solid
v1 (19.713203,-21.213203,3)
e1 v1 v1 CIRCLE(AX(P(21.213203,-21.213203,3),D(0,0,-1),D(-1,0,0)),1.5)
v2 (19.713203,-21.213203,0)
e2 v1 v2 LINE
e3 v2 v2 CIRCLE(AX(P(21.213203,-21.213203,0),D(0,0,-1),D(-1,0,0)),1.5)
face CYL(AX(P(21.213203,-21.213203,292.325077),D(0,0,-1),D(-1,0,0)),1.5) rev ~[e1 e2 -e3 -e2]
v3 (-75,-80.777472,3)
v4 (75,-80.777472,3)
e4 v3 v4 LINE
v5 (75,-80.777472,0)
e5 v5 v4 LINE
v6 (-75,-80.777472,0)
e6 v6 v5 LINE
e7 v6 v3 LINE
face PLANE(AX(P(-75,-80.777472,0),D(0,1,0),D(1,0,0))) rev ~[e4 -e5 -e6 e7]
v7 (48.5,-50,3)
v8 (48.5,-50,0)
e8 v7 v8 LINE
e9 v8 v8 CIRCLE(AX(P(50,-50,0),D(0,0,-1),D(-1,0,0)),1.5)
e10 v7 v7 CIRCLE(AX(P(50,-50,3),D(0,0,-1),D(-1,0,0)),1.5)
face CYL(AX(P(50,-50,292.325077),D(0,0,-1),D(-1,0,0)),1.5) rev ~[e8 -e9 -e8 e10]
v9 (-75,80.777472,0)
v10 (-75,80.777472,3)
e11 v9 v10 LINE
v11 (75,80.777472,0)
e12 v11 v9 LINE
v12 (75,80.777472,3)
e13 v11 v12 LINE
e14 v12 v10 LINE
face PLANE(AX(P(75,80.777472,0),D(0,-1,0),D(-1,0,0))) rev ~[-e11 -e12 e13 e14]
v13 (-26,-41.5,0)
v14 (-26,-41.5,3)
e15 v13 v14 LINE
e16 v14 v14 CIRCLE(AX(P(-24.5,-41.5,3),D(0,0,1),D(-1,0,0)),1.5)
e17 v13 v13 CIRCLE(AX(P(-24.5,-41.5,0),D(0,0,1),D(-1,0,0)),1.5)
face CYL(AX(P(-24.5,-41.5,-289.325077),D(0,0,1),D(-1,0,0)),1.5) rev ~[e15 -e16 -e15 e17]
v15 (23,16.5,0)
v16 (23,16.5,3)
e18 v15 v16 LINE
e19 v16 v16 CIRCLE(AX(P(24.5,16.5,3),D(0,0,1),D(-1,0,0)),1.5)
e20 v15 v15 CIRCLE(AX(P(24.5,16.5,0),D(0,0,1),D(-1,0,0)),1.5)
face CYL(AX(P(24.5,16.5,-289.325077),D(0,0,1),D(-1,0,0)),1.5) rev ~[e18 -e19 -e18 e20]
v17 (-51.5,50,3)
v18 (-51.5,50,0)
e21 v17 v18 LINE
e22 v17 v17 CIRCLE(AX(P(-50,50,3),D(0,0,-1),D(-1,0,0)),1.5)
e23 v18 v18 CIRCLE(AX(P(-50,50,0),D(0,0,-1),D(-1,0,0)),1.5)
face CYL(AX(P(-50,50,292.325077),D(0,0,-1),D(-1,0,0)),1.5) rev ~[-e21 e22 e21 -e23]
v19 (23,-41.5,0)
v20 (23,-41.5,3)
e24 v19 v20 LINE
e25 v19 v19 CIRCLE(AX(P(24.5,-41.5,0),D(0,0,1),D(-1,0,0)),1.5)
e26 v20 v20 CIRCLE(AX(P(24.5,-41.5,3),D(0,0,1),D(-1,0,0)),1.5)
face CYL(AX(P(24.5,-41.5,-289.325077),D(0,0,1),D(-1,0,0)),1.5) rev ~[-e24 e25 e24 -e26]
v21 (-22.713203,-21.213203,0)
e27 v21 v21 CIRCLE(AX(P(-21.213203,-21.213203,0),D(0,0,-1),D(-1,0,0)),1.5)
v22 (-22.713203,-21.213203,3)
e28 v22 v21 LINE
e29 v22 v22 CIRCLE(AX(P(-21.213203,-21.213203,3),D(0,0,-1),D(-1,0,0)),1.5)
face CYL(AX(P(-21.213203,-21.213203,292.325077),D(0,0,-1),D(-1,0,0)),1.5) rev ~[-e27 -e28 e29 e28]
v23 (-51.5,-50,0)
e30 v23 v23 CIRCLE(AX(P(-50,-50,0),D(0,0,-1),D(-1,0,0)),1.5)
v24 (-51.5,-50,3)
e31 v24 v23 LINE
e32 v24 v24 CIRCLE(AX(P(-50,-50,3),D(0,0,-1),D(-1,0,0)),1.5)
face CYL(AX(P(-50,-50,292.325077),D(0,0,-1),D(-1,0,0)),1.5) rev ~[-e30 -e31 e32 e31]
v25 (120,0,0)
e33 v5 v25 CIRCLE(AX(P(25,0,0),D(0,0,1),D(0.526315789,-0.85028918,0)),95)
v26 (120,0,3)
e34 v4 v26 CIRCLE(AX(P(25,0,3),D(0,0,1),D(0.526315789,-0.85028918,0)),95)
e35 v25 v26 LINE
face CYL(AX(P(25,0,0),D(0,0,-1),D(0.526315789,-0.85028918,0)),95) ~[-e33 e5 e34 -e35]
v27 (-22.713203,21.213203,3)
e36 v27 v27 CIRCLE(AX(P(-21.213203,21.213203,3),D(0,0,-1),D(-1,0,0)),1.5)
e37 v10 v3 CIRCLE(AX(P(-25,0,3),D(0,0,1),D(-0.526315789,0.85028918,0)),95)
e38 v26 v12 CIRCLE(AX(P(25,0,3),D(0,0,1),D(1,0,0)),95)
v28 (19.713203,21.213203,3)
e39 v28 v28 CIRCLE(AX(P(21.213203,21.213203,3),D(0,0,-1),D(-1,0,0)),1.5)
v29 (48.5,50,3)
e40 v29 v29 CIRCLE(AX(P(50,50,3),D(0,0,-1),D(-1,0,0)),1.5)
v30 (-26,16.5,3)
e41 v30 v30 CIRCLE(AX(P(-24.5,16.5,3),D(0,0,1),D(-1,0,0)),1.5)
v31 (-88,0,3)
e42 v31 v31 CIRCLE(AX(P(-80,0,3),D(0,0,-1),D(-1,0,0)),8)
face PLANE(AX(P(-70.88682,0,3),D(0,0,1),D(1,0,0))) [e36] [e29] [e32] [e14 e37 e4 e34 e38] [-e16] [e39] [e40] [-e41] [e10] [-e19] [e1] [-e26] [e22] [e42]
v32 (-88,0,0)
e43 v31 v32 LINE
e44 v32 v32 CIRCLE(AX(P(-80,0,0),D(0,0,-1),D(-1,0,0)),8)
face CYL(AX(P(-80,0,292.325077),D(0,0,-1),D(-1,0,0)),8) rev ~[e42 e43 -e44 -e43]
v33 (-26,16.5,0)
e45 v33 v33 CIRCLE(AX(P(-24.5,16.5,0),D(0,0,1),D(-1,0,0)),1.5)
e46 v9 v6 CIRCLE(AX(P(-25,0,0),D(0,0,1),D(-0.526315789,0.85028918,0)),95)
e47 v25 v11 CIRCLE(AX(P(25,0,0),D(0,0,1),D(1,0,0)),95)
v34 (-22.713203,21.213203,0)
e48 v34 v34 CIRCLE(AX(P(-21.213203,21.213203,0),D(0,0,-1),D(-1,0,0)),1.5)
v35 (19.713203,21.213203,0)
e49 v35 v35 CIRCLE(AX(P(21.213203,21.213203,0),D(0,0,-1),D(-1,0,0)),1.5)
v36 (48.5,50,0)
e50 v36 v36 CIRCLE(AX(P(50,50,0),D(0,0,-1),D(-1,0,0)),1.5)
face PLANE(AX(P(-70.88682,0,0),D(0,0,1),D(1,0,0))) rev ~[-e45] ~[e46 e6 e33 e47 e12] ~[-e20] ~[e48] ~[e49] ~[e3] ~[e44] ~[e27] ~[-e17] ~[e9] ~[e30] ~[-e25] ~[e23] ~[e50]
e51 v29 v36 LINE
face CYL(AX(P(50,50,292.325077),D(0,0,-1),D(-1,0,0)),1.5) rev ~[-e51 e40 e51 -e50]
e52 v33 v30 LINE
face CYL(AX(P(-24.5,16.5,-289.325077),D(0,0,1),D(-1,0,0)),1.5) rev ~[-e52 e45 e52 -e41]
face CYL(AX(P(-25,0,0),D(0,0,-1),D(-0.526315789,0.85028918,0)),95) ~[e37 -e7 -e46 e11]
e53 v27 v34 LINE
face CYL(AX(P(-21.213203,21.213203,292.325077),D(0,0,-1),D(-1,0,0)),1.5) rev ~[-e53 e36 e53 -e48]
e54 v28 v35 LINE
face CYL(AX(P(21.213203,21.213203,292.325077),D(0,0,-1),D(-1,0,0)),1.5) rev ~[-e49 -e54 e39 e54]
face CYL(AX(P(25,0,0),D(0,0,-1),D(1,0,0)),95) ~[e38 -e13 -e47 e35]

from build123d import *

# Parameters (mm, degrees)
F1_DEPTH = 3
F3_D     = 3
F5_D     = 3
F7_D     = 3
F9_D     = 16


with BuildPart() as f1:
    # F0 (on Top) → F1 (new body)
    with BuildSketch(Plane.XY):
        with BuildLine():
            Line((-25, 80.777472107), (-75, 80.777472107))
            ThreePointArc((-75, 80.777472107), (-120, 0), (-75, -80.777472107))
            Line((-75, -80.777472107), (-25, -80.777472107))
            ThreePointArc((-25, -80.777472107), (-70, 0), (-25, 80.777472107))
        make_face()
        with BuildLine():
            Line((25, 80.777472107), (-25, 80.777472107))
            ThreePointArc((-25, 80.777472107), (-70, 0), (-25, -80.777472107))
            Line((-25, -80.777472107), (25, -80.777472107))
            ThreePointArc((25, -80.777472107), (57.9909633635, -46.2331050223), (70, 0))
            ThreePointArc((70, 0), (57.9909633635, 46.2331050223), (25, 80.777472107))
        make_face()
        with BuildLine():
            Line((75, 80.777472107), (25, 80.777472107))
            ThreePointArc((25, 80.777472107), (57.9909633635, 46.2331050223), (70, 0))
            ThreePointArc((70, 0), (57.9909633635, -46.2331050223), (25, -80.777472107))
            Line((25, -80.777472107), (75, -80.777472107))
            ThreePointArc((75, -80.777472107), (107.9909633635, -46.2331050223), (120, 0))
            ThreePointArc((120, 0), (107.9909633635, 46.2331050223), (75, 80.777472107))
        make_face()
    extrude(amount=F1_DEPTH)

    # F3 (through all)
    with Locations(Plane.XY.offset(3)):
        with Locations((-50, 50), (50, 50), (50, -50), (-50, -50)):
            Hole(F3_D / 2)

    # F5 (through all)
    with Locations(Plane.XY.offset(3)):
        with Locations((-21.2132034356, 21.2132034356), (21.2132034356, 21.2132034356), (21.2132034356, -21.2132034356), (-21.2132034356, -21.2132034356)):
            Hole(F5_D / 2)

    # F7 (through all)
    with Locations(Plane(origin=(0, 0, 0), x_dir=(1, 0, 0), z_dir=(0, 0, -1))):
        with Locations((-24.5, 41.5), (24.5, 41.5), (24.5, -16.5), (-24.5, -16.5)):
            Hole(F7_D / 2)

    # F9 (through all)
    with Locations(Plane.XY.offset(3)):
        with Locations((-80, 0)):
            Hole(F9_D / 2)


solid = f1.part
